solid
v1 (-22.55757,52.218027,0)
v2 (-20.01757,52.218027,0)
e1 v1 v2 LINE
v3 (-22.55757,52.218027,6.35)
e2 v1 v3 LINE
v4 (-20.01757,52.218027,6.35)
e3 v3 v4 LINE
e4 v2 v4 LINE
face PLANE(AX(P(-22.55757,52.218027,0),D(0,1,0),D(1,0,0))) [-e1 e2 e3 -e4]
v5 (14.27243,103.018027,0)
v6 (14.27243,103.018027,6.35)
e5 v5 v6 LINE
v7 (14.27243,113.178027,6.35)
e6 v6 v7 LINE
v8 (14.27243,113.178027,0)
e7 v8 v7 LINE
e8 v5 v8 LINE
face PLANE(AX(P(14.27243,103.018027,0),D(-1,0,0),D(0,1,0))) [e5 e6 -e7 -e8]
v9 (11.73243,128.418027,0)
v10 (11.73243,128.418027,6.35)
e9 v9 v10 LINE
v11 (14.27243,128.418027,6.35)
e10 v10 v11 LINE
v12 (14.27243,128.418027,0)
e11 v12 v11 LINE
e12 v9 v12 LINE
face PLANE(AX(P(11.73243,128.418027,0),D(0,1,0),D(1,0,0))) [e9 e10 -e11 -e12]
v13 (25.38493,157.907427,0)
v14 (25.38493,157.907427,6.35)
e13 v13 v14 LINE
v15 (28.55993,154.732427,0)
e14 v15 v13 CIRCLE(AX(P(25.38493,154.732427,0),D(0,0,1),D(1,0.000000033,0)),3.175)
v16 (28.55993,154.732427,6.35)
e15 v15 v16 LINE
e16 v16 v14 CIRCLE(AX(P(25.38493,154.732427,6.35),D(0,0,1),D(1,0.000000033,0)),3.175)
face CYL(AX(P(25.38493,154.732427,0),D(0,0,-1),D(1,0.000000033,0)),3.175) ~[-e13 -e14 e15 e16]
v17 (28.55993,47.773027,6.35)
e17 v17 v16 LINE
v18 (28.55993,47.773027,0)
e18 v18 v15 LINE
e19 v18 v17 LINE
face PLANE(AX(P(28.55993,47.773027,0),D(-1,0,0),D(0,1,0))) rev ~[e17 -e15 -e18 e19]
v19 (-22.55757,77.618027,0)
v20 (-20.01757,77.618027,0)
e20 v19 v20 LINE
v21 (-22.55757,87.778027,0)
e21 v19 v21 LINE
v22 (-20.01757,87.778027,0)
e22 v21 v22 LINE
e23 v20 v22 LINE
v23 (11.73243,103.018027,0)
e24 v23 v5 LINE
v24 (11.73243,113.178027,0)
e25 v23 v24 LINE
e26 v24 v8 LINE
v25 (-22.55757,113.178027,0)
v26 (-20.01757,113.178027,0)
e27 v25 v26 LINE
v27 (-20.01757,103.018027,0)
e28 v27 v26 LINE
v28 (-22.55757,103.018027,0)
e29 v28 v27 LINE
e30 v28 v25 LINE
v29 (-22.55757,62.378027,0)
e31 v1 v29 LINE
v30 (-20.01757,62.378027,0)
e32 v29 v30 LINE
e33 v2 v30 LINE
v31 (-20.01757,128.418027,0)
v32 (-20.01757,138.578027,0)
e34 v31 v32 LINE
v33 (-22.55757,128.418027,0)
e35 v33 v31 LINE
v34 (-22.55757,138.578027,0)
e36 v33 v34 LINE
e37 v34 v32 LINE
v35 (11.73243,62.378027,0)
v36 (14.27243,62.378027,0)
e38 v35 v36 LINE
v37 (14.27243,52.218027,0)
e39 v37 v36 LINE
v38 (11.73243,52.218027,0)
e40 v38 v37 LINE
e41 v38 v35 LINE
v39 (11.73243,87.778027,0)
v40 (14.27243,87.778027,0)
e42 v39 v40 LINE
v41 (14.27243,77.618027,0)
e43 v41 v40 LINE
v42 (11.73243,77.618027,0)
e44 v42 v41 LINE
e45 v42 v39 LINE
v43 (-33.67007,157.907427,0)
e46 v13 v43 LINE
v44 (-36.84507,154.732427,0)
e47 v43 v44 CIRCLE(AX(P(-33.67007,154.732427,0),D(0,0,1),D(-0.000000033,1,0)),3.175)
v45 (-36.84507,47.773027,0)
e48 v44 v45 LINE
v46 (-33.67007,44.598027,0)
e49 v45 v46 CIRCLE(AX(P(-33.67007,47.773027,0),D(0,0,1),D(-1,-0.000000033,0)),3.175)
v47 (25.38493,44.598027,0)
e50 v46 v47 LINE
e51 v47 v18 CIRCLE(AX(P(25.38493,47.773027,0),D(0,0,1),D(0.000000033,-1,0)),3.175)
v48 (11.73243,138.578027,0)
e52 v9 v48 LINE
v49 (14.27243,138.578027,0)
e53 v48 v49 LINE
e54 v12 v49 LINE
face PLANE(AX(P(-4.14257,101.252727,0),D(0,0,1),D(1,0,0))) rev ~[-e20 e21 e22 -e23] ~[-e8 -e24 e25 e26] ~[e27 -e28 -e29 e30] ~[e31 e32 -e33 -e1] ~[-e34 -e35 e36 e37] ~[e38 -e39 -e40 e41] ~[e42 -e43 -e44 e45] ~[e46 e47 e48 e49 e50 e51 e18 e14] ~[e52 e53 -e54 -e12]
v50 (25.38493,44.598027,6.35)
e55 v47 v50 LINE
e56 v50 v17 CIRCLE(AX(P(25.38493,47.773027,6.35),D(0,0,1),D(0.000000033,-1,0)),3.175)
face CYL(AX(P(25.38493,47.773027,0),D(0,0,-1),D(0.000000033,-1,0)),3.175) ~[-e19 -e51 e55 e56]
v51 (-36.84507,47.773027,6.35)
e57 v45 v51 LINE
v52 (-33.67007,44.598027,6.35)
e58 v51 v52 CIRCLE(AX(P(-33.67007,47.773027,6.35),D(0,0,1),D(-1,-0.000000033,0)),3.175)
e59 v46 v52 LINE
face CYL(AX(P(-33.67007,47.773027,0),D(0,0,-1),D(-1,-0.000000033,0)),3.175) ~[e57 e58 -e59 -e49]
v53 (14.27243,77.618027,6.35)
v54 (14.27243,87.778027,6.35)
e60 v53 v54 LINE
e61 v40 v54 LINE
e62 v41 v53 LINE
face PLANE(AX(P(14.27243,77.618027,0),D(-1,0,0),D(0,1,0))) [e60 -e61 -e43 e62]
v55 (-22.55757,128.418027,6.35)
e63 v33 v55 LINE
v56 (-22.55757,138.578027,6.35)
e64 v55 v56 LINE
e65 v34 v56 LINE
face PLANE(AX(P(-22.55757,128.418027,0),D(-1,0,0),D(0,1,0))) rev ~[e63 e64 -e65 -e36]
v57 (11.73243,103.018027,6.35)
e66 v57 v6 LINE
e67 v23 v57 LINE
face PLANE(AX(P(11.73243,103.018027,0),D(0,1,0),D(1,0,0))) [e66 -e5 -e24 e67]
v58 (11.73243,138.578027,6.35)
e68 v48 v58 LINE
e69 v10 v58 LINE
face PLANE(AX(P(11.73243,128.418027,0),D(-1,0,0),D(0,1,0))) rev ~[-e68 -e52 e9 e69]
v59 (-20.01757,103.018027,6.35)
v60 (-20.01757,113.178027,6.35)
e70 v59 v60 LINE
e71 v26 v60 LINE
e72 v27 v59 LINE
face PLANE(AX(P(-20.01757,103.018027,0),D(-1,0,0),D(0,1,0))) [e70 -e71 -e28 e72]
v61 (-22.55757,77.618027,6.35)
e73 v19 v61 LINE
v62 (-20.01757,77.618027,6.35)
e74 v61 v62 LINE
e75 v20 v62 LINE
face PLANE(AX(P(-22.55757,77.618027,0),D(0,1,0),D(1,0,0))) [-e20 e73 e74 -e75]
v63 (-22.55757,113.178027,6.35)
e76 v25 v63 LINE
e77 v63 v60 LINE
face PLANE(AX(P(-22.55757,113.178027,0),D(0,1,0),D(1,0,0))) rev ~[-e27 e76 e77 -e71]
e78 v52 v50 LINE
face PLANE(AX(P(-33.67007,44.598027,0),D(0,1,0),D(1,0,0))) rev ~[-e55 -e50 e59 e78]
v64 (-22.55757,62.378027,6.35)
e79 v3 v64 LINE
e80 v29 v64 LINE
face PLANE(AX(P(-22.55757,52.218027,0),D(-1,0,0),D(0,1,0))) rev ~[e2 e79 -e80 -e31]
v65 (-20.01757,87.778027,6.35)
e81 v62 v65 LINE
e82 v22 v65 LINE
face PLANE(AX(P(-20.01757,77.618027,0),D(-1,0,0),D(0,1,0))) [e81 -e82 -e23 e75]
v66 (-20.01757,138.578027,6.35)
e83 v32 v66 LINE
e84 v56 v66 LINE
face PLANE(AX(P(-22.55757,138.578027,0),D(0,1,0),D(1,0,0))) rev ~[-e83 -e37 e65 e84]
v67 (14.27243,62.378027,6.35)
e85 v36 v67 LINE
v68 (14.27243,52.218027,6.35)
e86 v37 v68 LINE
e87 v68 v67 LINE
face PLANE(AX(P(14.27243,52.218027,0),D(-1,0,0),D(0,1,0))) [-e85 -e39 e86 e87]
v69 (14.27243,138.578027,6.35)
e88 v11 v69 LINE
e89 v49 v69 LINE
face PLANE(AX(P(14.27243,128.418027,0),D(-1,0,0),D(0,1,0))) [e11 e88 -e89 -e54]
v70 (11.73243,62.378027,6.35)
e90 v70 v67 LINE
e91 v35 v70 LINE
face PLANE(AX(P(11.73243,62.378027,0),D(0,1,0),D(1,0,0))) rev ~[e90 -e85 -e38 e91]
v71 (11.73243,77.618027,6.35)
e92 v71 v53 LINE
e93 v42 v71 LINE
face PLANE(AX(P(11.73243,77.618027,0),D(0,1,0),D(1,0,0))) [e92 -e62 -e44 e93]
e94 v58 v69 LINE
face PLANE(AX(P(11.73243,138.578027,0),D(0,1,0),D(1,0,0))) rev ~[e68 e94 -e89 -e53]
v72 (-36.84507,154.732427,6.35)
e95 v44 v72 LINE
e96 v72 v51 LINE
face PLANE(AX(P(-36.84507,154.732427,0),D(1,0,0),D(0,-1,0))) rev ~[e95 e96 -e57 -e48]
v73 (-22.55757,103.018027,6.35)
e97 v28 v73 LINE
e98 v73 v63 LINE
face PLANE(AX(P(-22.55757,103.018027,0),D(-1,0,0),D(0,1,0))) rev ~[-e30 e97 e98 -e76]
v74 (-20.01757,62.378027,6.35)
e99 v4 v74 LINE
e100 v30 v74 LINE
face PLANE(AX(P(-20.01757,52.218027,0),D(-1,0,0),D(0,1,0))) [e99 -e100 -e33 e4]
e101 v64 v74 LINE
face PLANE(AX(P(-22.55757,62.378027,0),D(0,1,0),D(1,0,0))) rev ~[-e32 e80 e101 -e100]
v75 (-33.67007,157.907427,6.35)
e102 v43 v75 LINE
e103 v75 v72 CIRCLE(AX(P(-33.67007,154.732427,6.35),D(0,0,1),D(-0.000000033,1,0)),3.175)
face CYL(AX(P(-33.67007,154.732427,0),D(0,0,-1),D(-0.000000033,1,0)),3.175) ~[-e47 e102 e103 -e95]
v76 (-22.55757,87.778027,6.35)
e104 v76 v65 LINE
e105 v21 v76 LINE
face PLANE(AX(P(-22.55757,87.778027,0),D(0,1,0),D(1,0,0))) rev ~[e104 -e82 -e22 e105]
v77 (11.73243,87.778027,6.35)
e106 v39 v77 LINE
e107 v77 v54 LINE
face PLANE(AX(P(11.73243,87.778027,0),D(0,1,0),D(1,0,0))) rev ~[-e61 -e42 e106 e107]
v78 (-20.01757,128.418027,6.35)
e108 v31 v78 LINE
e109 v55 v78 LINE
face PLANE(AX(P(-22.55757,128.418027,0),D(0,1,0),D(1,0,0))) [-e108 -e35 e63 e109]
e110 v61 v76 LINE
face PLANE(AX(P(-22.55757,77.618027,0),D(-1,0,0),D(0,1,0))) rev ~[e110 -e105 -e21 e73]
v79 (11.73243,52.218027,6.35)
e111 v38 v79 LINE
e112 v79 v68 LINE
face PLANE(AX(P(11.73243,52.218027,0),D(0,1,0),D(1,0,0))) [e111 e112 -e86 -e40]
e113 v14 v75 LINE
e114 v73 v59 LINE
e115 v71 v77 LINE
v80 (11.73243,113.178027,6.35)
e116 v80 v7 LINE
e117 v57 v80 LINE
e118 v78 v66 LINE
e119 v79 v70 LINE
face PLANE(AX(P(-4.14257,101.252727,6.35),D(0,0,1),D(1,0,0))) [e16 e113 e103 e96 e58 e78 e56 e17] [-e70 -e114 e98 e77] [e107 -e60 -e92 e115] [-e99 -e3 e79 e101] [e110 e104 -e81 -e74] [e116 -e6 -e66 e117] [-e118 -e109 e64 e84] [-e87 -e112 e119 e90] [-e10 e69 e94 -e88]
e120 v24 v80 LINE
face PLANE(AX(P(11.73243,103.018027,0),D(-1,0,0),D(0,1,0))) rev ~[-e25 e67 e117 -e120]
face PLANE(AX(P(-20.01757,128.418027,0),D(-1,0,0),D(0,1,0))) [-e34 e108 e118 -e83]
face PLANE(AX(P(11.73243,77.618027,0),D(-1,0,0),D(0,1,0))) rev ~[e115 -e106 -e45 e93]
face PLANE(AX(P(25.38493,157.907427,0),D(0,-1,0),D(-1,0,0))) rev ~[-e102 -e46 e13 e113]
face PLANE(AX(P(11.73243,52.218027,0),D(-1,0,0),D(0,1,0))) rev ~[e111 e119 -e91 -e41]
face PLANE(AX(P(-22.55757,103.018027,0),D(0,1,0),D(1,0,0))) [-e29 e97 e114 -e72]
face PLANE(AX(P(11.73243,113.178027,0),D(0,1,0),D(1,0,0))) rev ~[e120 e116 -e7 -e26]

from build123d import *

# Parameters (mm, degrees)
F0_W     = 2.54
F0_H     = 10.16
F1_DEPTH = 6.35


with BuildPart() as f1:
    # F0 (on Top) → F1 (new body)
    with BuildSketch(Plane.XY):
        with BuildLine():
            ThreePointArc((-36.84507, 47.773027), (-35.915134, 45.527963), (-33.67007, 44.598027))
            Line((-33.67007, 44.598027), (25.38493, 44.598027))
            ThreePointArc((25.38493, 44.598027), (27.629994, 45.527963), (28.55993, 47.773027))
            Line((28.55993, 47.773027), (28.55993, 154.732427))
            ThreePointArc((28.55993, 154.732427), (27.629994, 156.977491), (25.38493, 157.907427))
            Line((25.38493, 157.907427), (-33.67007, 157.907427))
            ThreePointArc((-33.67007, 157.907427), (-35.915134, 156.977491), (-36.84507, 154.732427))
            Line((-36.84507, 154.732427), (-36.84507, 47.773027))
        make_face()
        with Locations((-21.28757, 57.298027)):
            Rectangle(F0_W, F0_H, mode=Mode.SUBTRACT)
        with Locations((-21.28757, 82.698027)):
            Rectangle(F0_W, F0_H, mode=Mode.SUBTRACT)
        with Locations((13.00243, 57.298027)):
            Rectangle(F0_W, F0_H, mode=Mode.SUBTRACT)
        with Locations((13.00243, 82.698027)):
            Rectangle(F0_W, F0_H, mode=Mode.SUBTRACT)
        with Locations((-21.28757, 108.098027)):
            Rectangle(F0_W, F0_H, mode=Mode.SUBTRACT)
        with Locations((-21.28757, 133.498027)):
            Rectangle(F0_W, F0_H, mode=Mode.SUBTRACT)
        with Locations((13.00243, 108.098027)):
            Rectangle(F0_W, F0_H, mode=Mode.SUBTRACT)
        with Locations((13.00243, 133.498027)):
            Rectangle(F0_W, F0_H, mode=Mode.SUBTRACT)
    extrude(amount=F1_DEPTH)


solid = f1.part
